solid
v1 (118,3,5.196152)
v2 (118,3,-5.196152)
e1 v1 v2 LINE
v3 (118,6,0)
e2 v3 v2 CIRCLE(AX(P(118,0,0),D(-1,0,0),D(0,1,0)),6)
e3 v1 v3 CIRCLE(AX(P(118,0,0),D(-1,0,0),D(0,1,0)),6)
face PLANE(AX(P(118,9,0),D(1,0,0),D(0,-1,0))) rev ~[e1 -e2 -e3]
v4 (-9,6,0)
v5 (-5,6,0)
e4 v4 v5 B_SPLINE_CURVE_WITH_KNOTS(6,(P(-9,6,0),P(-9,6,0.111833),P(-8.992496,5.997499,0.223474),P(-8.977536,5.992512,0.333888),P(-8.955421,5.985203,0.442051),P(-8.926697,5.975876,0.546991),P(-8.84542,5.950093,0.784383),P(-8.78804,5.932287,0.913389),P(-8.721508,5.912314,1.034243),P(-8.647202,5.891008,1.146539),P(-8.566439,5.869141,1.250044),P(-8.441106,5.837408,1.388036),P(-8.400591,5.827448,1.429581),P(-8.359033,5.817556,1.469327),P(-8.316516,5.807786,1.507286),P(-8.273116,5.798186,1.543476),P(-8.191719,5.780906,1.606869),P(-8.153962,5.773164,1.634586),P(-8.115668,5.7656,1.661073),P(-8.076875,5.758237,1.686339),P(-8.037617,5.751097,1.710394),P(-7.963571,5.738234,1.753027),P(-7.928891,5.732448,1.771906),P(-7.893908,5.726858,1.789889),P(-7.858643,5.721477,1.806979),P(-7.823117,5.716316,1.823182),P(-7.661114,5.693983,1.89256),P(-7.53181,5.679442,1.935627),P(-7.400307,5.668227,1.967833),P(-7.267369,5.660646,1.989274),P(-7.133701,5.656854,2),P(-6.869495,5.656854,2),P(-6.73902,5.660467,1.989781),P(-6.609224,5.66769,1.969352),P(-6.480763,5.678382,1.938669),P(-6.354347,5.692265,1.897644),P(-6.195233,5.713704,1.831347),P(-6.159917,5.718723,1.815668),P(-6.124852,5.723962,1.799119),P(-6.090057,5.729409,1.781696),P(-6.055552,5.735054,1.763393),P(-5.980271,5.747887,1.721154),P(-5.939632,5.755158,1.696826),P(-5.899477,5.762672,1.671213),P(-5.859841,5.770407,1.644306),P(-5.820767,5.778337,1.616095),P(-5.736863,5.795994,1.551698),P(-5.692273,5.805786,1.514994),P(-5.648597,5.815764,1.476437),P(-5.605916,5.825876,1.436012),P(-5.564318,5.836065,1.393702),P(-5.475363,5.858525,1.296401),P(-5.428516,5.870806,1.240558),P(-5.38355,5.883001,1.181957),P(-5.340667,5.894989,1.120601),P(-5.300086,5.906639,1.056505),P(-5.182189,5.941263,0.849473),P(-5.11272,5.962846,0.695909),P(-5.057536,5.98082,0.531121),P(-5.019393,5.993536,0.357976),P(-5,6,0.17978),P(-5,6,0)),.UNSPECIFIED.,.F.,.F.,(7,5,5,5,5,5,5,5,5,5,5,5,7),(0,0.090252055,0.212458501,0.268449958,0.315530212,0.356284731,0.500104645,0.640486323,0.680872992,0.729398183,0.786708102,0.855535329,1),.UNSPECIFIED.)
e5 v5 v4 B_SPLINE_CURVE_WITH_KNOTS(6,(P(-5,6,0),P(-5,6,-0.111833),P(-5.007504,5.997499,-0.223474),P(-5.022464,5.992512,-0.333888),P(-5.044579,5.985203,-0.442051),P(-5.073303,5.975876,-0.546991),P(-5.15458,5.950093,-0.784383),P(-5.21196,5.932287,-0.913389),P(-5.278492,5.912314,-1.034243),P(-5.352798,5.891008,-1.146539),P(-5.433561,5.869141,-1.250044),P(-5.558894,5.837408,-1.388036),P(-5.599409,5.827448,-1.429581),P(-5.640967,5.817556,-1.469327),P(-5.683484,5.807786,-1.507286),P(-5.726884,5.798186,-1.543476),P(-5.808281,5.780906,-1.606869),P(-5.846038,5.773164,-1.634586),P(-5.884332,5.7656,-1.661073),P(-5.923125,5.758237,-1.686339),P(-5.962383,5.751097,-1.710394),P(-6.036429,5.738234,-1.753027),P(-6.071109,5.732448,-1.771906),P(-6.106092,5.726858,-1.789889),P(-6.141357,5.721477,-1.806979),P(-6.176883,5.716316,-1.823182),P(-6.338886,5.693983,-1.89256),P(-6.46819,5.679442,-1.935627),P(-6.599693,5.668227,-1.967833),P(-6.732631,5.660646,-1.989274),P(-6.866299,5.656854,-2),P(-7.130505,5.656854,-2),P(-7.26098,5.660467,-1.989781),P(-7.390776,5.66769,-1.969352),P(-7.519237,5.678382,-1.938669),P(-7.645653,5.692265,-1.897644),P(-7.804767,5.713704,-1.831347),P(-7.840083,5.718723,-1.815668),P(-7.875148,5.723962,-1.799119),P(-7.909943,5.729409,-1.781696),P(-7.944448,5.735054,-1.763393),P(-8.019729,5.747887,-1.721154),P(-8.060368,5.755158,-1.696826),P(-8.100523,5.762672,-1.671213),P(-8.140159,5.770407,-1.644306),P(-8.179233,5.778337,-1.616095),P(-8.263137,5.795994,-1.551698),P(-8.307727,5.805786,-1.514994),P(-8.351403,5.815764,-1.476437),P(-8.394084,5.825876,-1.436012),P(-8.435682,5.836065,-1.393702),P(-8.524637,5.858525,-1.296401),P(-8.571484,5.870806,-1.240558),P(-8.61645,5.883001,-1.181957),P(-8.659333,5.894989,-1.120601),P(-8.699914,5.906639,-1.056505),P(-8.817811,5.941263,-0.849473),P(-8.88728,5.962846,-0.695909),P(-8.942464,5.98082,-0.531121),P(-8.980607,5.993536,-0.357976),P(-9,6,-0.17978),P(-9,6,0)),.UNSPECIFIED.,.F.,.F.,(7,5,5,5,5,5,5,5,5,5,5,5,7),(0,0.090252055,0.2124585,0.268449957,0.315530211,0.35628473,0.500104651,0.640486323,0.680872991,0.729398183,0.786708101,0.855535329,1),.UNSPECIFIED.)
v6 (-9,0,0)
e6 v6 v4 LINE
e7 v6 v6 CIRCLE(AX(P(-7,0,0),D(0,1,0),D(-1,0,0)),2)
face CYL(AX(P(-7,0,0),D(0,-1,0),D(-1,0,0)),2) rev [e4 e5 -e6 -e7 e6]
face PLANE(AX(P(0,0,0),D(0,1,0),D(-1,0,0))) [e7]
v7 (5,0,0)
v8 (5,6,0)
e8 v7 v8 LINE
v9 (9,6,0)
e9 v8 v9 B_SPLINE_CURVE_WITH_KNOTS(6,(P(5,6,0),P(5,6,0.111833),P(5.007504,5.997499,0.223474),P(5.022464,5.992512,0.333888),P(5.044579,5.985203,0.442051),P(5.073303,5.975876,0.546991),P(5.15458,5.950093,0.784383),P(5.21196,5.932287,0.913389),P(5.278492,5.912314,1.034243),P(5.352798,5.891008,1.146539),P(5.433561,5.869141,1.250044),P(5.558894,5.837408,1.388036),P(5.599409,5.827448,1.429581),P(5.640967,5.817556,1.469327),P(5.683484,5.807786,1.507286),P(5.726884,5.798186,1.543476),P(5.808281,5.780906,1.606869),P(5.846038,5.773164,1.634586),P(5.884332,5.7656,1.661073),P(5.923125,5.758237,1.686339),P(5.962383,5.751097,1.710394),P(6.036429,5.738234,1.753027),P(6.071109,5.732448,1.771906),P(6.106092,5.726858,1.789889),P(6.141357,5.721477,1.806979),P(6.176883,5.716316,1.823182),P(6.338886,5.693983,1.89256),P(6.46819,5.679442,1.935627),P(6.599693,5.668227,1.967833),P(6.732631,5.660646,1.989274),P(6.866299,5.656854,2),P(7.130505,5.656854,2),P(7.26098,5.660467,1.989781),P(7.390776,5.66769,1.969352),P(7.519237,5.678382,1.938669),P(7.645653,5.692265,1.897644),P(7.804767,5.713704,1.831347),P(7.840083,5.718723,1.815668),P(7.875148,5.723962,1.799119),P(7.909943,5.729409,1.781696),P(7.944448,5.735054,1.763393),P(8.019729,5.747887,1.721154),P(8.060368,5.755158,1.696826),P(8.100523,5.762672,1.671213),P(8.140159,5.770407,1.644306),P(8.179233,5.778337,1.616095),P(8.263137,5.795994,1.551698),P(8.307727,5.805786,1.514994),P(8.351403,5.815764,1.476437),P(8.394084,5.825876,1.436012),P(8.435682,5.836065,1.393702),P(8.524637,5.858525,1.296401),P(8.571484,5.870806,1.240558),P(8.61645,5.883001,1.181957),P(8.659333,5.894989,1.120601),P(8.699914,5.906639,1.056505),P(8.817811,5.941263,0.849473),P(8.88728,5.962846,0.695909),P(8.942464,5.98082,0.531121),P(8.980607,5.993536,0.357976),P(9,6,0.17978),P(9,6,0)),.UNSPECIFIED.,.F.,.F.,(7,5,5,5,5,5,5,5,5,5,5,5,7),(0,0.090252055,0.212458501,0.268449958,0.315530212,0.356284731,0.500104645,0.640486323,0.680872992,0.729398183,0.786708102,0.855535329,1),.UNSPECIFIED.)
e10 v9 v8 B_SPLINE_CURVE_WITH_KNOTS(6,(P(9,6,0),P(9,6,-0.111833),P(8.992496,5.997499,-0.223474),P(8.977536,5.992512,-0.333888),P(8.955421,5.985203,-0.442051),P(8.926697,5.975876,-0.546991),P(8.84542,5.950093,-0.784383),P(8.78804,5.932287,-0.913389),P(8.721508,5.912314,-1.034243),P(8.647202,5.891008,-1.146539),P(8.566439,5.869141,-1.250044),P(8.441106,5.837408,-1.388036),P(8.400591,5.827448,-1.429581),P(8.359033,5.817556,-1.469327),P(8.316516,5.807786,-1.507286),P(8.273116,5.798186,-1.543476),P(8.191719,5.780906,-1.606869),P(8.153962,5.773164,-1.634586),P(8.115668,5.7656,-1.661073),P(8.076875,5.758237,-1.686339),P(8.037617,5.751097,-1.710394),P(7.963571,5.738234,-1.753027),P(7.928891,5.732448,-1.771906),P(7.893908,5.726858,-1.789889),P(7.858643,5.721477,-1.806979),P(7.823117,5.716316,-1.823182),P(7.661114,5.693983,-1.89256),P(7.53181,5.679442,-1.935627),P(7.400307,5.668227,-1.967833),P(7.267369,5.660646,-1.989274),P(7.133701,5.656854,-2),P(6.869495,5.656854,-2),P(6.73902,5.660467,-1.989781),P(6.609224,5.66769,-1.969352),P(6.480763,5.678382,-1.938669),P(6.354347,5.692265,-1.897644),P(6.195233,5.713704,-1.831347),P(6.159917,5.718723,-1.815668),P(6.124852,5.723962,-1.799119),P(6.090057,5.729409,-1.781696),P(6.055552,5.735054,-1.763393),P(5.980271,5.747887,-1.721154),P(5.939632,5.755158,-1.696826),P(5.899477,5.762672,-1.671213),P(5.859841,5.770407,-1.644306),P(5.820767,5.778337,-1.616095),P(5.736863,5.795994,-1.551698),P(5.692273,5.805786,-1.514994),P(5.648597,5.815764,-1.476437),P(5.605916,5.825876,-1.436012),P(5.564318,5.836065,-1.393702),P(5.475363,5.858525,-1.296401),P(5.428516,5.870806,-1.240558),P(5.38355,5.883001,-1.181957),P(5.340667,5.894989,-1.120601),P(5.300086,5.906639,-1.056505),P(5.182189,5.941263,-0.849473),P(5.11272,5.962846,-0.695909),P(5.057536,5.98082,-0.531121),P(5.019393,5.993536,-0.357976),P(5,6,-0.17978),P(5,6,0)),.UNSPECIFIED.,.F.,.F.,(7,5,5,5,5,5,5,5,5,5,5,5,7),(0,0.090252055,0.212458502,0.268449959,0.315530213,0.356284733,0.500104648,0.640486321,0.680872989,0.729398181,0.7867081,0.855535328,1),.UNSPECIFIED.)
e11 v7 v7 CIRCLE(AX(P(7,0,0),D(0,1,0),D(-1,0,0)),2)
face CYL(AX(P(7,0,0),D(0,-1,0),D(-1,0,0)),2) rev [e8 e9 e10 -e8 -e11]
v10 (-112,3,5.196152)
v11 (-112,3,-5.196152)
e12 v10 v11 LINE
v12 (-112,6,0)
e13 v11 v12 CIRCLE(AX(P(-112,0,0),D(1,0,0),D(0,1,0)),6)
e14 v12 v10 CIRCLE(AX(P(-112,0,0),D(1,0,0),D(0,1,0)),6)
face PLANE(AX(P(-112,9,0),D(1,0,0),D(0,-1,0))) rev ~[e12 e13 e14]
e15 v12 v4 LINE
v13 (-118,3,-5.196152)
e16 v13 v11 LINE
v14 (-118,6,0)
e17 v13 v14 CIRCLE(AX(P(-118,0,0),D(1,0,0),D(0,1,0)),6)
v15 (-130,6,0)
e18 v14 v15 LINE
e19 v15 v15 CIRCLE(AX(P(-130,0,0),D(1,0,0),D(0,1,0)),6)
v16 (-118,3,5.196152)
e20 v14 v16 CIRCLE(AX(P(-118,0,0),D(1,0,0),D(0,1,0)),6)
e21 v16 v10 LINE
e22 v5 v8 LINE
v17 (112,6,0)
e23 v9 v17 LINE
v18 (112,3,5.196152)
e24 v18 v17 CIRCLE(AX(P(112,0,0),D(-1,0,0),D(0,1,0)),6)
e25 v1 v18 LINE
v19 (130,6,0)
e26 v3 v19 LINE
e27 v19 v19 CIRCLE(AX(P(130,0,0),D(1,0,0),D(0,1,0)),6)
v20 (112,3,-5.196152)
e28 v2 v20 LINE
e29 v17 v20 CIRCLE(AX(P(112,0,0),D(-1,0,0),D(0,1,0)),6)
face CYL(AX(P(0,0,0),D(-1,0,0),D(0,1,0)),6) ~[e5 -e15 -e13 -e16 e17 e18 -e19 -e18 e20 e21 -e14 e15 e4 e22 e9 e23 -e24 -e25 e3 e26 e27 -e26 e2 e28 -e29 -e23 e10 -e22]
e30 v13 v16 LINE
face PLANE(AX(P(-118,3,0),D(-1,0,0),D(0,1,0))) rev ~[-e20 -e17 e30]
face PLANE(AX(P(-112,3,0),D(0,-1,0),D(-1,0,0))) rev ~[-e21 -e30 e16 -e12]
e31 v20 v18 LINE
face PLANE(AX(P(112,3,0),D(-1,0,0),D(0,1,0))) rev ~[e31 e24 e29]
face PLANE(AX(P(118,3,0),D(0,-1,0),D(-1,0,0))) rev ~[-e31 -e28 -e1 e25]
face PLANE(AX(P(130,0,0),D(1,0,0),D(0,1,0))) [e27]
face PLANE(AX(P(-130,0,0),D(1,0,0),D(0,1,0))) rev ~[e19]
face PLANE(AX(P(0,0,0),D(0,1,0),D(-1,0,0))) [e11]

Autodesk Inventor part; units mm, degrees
ref_plane "YZ Plane" through (0, 0, 0) normal (1, 0, 0) x (0, 1, 0)
ref_plane "XZ Plane" through (0, 0, 0) normal (0, 1, 0) x (-1, 0, 0)
ref_plane "XY Plane" through (0, 0, 0) normal (0, 0, 1) x (1, 0, 0)
sketch "Sketch1" plane through (0, 0, 0) normal (1, 0, 0) x (0, 1, 0)
  circle A0 centre (0, 0) radius 6
  dimension "d0" = 12
extrude "Extrusion1" add sketch "Sketch1" along normal mid plane 260
sketch "Sketch2" plane through (0, 0, 0) normal (0, 0, 1) x (1, 0, 0)
  line L0 (-130, 6) -> (-130, -6) projected
  line L1 (-130, 0) -> (-115, 0)
  line L2 (-115, 0) -> (-115, 6)
  line L3 (130, -6) -> (130, 6) projected
  line L4 (130, 0) -> (115, 0)
  line L5 (115, 0) -> (115, 6)
  line L6 (112, 9) -> (118, 9)
  line L7 (118, 9) -> (118, 3)
  line L8 (118, 3) -> (112, 3)
  line L9 (112, 3) -> (112, 9)
  line L10 (112, 9) -> (118, 3) construction
  line L11 (118, 9) -> (112, 3) construction
  line L12 (-118, 9) -> (-112, 9)
  line L13 (-112, 9) -> (-112, 3)
  line L14 (-112, 3) -> (-118, 3)
  line L15 (-118, 3) -> (-118, 9)
  line L16 (-118, 9) -> (-112, 3) construction
  line L17 (-112, 9) -> (-118, 3) construction
  point P0 (0, 0)
  dimension "d3" = 15
  dimension "d4" = 15
  dimension "d5" = 6
  dimension "d6" = 6
extrude "Extrusion2" cut sketch "Sketch2" along normal mid plane 20
sketch "Sketch3" plane through (0, 0, 0) normal (0, 1, 0) x (-1, 0, 0)
  line L0 (-130, 6) -> (-130, -6) projected
  line L1 (-130, -6) -> (-5, -6)
  line L2 (130, -6) -> (-130, -6) projected
  line L3 (-5, -6) -> (-5, 0)
  line L4 (130, 6) -> (-130, 6) projected
  line L5 (-5, 0) -> (5, 0)
  line L6 (5, 0) -> (7, 0)
  line L7 (-5, 0) -> (-7, 0)
  circle A0 centre (7, 0) radius 2
  circle A1 centre (-7, 0) radius 2
  point P0 (0, 0)
  dimension "d9" = 125
  dimension "d10" = 10
  dimension "d11" = 2
  dimension "d12" = 2
extrude "Extrusion3" cut sketch "Sketch3" along normal blind 10
thread "Thread1" size "M4x0.7" class "6H" standard "ANSI Metric M Profile" full length
thread "Thread2" size "M4x0.7" class "6H" standard "ANSI Metric M Profile" full length
properties part number "base_axis_12mm" material "Stainless Steel"
